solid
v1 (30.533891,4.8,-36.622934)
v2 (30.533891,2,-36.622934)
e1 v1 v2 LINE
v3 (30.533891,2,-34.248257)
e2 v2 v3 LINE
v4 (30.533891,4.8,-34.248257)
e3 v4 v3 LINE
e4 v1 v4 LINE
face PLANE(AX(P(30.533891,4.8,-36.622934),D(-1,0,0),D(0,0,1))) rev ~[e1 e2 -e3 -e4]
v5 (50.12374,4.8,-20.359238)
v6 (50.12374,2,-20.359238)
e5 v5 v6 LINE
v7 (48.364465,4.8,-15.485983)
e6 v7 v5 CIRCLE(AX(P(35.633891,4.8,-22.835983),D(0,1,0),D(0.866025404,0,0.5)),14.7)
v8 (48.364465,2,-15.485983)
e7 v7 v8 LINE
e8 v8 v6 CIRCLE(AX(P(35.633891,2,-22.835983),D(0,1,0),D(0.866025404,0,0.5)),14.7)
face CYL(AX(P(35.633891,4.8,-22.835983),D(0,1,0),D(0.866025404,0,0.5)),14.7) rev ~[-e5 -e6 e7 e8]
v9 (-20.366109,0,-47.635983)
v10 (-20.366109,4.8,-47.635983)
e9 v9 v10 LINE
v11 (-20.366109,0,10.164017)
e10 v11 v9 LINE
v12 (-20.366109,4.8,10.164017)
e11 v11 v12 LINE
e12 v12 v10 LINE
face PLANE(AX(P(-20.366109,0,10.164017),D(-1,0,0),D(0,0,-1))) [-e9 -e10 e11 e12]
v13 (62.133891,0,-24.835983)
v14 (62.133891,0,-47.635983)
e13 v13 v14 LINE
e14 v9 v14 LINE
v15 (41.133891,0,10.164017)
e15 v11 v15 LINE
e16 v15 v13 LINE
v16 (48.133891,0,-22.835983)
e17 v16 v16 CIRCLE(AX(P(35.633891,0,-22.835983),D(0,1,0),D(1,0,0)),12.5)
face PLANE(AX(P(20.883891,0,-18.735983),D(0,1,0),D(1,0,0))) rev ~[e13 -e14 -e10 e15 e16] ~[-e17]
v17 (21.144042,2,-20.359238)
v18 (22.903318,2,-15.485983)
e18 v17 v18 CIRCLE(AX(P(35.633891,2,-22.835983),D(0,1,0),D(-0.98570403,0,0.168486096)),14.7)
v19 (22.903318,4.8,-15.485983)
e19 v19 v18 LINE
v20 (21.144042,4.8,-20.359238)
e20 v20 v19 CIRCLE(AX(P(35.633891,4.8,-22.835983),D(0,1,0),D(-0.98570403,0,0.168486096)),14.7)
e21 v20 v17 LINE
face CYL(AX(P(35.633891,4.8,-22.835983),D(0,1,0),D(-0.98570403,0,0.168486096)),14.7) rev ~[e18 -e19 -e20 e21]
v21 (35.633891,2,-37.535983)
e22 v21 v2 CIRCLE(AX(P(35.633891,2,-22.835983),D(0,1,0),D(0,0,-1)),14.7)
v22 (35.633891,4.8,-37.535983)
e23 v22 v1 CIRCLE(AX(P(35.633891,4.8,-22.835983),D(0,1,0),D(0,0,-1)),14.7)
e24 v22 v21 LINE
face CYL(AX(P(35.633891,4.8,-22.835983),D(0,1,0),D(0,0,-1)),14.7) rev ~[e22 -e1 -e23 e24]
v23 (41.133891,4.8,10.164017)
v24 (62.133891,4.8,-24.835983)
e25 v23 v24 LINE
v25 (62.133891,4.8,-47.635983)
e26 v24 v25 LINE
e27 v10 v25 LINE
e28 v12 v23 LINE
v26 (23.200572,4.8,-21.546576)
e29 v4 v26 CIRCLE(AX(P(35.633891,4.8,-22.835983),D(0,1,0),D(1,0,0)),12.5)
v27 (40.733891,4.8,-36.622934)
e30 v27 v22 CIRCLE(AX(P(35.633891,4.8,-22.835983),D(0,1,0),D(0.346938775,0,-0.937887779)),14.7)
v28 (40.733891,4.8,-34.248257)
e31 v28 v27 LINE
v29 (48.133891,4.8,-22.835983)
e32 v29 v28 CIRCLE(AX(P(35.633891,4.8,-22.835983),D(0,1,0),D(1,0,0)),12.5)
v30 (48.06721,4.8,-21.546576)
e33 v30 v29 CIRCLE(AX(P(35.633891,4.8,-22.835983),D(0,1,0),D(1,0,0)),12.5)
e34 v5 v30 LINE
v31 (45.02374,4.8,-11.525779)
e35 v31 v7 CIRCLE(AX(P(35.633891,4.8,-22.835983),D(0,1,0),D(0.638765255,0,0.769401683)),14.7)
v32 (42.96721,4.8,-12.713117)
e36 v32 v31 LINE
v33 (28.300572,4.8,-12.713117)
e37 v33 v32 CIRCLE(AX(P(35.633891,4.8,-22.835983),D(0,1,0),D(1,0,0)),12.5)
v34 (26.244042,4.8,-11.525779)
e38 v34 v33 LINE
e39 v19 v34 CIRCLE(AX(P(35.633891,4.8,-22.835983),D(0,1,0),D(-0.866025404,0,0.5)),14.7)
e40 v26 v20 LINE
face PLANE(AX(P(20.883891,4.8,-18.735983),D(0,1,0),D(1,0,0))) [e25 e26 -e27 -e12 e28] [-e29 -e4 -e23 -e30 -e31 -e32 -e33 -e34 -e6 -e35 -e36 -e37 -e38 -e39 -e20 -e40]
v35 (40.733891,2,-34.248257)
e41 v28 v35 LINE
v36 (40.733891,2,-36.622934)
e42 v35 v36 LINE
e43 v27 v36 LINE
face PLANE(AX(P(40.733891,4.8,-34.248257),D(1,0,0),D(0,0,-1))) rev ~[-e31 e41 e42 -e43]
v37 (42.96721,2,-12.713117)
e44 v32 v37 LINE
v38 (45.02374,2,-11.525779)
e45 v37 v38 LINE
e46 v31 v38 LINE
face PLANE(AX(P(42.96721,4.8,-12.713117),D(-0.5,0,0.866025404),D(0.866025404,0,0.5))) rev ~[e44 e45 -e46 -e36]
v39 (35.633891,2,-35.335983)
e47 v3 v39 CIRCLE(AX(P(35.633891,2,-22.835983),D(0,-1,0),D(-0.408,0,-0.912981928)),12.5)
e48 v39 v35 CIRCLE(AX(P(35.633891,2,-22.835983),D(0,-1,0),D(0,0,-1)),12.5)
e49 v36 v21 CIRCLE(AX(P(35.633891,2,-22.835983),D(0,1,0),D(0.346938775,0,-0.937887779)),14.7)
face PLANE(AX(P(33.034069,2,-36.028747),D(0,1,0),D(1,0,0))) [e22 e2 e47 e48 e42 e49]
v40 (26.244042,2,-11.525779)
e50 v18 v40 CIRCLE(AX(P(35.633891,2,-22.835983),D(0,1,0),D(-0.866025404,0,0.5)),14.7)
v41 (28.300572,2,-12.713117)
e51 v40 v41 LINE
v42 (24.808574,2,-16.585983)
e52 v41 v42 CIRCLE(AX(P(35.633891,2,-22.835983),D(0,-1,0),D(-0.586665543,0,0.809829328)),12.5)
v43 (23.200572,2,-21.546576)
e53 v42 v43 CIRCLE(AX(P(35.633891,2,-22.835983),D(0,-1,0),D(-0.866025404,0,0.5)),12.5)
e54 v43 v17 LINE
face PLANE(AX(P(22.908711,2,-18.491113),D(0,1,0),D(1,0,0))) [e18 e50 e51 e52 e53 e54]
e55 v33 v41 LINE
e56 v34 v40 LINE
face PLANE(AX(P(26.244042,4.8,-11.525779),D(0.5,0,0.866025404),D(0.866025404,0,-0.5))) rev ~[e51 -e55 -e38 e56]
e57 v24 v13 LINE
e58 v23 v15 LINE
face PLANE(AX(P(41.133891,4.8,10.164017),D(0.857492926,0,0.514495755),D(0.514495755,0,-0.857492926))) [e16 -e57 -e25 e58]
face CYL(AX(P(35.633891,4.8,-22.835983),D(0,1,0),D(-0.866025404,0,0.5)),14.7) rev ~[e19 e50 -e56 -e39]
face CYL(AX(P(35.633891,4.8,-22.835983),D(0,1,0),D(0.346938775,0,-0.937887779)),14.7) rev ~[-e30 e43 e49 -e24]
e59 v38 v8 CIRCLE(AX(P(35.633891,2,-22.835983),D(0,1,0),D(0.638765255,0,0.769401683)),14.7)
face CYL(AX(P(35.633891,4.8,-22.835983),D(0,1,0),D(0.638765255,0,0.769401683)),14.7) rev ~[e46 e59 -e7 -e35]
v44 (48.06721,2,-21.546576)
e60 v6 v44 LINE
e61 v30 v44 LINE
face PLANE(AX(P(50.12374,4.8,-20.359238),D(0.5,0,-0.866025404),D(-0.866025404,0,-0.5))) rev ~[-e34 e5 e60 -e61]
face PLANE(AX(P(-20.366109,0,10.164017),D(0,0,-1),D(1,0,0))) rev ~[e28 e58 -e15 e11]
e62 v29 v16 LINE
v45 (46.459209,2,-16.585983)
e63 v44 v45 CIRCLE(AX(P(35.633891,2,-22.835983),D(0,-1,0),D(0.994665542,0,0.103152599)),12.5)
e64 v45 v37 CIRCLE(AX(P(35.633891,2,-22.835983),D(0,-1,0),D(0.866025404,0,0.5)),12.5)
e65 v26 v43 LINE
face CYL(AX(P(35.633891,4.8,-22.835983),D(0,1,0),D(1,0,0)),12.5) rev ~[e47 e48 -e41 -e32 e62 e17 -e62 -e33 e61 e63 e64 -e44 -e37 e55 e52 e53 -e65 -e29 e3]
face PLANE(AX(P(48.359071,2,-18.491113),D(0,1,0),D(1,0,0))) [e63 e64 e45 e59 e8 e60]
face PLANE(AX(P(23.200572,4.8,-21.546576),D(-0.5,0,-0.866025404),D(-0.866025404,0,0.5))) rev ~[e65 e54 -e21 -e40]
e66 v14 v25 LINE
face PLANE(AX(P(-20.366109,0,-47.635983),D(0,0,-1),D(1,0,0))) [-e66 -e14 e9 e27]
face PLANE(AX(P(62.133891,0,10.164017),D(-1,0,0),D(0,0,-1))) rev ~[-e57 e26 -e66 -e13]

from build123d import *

# Parameters (mm, degrees)
SKETCH1_W           = 82.5
SKETCH1_H           = 57.8
BOSS_EXTRUDE1_DEPTH = 4.8
SKETCH2_R           = 12.5
CUT_EXTRUDE1_DEPTH  = 4.8
CUT_EXTRUDE2_DEPTH  = 2.8


with BuildPart() as part:
    # Sketch1 → Boss-Extrude1 (new body)
    with BuildSketch(Plane(origin=(0, 0, 0), x_dir=(1, 0, 0), z_dir=(0, 1, 0))):
        with Locations((20.883891213, 18.735983264)):
            Rectangle(SKETCH1_W, SKETCH1_H)
    extrude(amount=BOSS_EXTRUDE1_DEPTH)

    # Sketch2 → Cut-Extrude1 (cut)
    with BuildSketch(Plane(origin=(0, 4.8, 0), x_dir=(1, 0, 0), z_dir=(0, 1, 0))):
        with Locations((35.633891213, 22.835983264)):
            Circle(SKETCH2_R)
        Polygon((41.133891213, -10.164016736), (62.133891213, 24.835983264), (62.133891213, -10.164016736), align=None)
    extrude(amount=-CUT_EXTRUDE1_DEPTH, mode=Mode.SUBTRACT)

    # Sketch3 → Cut-Extrude2 (cut)
    with BuildSketch(Plane(origin=(0, 4.8, 0), x_dir=(1, 0, 0), z_dir=(0, 1, 0))):
        with BuildLine():
            ThreePointArc((30.533891213, 34.248257358), (33.026538742, 35.061027766), (35.633891213, 35.335983264))
            Line((35.633891213, 35.335983264), (35.633891213, 37.535983264))
            ThreePointArc((35.633891213, 37.535983264), (33.04334785, 37.30592055), (30.533891213, 36.622933615))
            Line((30.533891213, 36.622933615), (30.533891213, 34.248257358))
        make_face()
        with BuildLine():
            Line((35.633891213, 37.535983264), (35.633891213, 35.335983264))
            ThreePointArc((35.633891213, 35.335983264), (38.241243685, 35.061027766), (40.733891213, 34.248257358))
            Line((40.733891213, 34.248257358), (40.733891213, 36.622933615))
            ThreePointArc((40.733891213, 36.622933615), (38.224434576, 37.30592055), (35.633891213, 37.535983264))
        make_face()
        with BuildLine():
            ThreePointArc((48.067210494, 21.546575776), (47.524766551, 18.981494489), (46.459208761, 16.585983264))
            Line((46.459208761, 16.585983264), (48.364464649, 15.485983264))
            ThreePointArc((48.364464649, 15.485983264), (49.460496176, 17.844490982), (50.123740459, 20.359237647))
            Line((50.123740459, 20.359237647), (48.067210494, 21.546575776))
        make_face()
        with BuildLine():
            Line((48.364464649, 15.485983264), (46.459208761, 16.585983264))
            ThreePointArc((46.459208761, 16.585983264), (44.917414079, 14.465427535), (42.967210494, 12.713116657))
            Line((42.967210494, 12.713116657), (45.023740459, 11.525778528))
            ThreePointArc((45.023740459, 11.525778528), (46.869952814, 13.357538258), (48.364464649, 15.485983264))
        make_face()
        with BuildLine():
            Line((22.903317778, 15.485983264), (24.808573666, 16.585983264))
            ThreePointArc((24.808573666, 16.585983264), (23.743015876, 18.981494489), (23.200571933, 21.546575776))
            Line((23.200571933, 21.546575776), (21.144041968, 20.359237647))
            ThreePointArc((21.144041968, 20.359237647), (21.80728625, 17.844490982), (22.903317778, 15.485983264))
        make_face()
        with BuildLine():
            ThreePointArc((28.300571933, 12.713116657), (26.350368348, 14.465427535), (24.808573666, 16.585983264))
            Line((24.808573666, 16.585983264), (22.903317778, 15.485983264))
            ThreePointArc((22.903317778, 15.485983264), (24.397829613, 13.357538258), (26.244041968, 11.525778528))
            Line((26.244041968, 11.525778528), (28.300571933, 12.713116657))
        make_face()
    extrude(amount=-CUT_EXTRUDE2_DEPTH, mode=Mode.SUBTRACT)


solid = part.part
